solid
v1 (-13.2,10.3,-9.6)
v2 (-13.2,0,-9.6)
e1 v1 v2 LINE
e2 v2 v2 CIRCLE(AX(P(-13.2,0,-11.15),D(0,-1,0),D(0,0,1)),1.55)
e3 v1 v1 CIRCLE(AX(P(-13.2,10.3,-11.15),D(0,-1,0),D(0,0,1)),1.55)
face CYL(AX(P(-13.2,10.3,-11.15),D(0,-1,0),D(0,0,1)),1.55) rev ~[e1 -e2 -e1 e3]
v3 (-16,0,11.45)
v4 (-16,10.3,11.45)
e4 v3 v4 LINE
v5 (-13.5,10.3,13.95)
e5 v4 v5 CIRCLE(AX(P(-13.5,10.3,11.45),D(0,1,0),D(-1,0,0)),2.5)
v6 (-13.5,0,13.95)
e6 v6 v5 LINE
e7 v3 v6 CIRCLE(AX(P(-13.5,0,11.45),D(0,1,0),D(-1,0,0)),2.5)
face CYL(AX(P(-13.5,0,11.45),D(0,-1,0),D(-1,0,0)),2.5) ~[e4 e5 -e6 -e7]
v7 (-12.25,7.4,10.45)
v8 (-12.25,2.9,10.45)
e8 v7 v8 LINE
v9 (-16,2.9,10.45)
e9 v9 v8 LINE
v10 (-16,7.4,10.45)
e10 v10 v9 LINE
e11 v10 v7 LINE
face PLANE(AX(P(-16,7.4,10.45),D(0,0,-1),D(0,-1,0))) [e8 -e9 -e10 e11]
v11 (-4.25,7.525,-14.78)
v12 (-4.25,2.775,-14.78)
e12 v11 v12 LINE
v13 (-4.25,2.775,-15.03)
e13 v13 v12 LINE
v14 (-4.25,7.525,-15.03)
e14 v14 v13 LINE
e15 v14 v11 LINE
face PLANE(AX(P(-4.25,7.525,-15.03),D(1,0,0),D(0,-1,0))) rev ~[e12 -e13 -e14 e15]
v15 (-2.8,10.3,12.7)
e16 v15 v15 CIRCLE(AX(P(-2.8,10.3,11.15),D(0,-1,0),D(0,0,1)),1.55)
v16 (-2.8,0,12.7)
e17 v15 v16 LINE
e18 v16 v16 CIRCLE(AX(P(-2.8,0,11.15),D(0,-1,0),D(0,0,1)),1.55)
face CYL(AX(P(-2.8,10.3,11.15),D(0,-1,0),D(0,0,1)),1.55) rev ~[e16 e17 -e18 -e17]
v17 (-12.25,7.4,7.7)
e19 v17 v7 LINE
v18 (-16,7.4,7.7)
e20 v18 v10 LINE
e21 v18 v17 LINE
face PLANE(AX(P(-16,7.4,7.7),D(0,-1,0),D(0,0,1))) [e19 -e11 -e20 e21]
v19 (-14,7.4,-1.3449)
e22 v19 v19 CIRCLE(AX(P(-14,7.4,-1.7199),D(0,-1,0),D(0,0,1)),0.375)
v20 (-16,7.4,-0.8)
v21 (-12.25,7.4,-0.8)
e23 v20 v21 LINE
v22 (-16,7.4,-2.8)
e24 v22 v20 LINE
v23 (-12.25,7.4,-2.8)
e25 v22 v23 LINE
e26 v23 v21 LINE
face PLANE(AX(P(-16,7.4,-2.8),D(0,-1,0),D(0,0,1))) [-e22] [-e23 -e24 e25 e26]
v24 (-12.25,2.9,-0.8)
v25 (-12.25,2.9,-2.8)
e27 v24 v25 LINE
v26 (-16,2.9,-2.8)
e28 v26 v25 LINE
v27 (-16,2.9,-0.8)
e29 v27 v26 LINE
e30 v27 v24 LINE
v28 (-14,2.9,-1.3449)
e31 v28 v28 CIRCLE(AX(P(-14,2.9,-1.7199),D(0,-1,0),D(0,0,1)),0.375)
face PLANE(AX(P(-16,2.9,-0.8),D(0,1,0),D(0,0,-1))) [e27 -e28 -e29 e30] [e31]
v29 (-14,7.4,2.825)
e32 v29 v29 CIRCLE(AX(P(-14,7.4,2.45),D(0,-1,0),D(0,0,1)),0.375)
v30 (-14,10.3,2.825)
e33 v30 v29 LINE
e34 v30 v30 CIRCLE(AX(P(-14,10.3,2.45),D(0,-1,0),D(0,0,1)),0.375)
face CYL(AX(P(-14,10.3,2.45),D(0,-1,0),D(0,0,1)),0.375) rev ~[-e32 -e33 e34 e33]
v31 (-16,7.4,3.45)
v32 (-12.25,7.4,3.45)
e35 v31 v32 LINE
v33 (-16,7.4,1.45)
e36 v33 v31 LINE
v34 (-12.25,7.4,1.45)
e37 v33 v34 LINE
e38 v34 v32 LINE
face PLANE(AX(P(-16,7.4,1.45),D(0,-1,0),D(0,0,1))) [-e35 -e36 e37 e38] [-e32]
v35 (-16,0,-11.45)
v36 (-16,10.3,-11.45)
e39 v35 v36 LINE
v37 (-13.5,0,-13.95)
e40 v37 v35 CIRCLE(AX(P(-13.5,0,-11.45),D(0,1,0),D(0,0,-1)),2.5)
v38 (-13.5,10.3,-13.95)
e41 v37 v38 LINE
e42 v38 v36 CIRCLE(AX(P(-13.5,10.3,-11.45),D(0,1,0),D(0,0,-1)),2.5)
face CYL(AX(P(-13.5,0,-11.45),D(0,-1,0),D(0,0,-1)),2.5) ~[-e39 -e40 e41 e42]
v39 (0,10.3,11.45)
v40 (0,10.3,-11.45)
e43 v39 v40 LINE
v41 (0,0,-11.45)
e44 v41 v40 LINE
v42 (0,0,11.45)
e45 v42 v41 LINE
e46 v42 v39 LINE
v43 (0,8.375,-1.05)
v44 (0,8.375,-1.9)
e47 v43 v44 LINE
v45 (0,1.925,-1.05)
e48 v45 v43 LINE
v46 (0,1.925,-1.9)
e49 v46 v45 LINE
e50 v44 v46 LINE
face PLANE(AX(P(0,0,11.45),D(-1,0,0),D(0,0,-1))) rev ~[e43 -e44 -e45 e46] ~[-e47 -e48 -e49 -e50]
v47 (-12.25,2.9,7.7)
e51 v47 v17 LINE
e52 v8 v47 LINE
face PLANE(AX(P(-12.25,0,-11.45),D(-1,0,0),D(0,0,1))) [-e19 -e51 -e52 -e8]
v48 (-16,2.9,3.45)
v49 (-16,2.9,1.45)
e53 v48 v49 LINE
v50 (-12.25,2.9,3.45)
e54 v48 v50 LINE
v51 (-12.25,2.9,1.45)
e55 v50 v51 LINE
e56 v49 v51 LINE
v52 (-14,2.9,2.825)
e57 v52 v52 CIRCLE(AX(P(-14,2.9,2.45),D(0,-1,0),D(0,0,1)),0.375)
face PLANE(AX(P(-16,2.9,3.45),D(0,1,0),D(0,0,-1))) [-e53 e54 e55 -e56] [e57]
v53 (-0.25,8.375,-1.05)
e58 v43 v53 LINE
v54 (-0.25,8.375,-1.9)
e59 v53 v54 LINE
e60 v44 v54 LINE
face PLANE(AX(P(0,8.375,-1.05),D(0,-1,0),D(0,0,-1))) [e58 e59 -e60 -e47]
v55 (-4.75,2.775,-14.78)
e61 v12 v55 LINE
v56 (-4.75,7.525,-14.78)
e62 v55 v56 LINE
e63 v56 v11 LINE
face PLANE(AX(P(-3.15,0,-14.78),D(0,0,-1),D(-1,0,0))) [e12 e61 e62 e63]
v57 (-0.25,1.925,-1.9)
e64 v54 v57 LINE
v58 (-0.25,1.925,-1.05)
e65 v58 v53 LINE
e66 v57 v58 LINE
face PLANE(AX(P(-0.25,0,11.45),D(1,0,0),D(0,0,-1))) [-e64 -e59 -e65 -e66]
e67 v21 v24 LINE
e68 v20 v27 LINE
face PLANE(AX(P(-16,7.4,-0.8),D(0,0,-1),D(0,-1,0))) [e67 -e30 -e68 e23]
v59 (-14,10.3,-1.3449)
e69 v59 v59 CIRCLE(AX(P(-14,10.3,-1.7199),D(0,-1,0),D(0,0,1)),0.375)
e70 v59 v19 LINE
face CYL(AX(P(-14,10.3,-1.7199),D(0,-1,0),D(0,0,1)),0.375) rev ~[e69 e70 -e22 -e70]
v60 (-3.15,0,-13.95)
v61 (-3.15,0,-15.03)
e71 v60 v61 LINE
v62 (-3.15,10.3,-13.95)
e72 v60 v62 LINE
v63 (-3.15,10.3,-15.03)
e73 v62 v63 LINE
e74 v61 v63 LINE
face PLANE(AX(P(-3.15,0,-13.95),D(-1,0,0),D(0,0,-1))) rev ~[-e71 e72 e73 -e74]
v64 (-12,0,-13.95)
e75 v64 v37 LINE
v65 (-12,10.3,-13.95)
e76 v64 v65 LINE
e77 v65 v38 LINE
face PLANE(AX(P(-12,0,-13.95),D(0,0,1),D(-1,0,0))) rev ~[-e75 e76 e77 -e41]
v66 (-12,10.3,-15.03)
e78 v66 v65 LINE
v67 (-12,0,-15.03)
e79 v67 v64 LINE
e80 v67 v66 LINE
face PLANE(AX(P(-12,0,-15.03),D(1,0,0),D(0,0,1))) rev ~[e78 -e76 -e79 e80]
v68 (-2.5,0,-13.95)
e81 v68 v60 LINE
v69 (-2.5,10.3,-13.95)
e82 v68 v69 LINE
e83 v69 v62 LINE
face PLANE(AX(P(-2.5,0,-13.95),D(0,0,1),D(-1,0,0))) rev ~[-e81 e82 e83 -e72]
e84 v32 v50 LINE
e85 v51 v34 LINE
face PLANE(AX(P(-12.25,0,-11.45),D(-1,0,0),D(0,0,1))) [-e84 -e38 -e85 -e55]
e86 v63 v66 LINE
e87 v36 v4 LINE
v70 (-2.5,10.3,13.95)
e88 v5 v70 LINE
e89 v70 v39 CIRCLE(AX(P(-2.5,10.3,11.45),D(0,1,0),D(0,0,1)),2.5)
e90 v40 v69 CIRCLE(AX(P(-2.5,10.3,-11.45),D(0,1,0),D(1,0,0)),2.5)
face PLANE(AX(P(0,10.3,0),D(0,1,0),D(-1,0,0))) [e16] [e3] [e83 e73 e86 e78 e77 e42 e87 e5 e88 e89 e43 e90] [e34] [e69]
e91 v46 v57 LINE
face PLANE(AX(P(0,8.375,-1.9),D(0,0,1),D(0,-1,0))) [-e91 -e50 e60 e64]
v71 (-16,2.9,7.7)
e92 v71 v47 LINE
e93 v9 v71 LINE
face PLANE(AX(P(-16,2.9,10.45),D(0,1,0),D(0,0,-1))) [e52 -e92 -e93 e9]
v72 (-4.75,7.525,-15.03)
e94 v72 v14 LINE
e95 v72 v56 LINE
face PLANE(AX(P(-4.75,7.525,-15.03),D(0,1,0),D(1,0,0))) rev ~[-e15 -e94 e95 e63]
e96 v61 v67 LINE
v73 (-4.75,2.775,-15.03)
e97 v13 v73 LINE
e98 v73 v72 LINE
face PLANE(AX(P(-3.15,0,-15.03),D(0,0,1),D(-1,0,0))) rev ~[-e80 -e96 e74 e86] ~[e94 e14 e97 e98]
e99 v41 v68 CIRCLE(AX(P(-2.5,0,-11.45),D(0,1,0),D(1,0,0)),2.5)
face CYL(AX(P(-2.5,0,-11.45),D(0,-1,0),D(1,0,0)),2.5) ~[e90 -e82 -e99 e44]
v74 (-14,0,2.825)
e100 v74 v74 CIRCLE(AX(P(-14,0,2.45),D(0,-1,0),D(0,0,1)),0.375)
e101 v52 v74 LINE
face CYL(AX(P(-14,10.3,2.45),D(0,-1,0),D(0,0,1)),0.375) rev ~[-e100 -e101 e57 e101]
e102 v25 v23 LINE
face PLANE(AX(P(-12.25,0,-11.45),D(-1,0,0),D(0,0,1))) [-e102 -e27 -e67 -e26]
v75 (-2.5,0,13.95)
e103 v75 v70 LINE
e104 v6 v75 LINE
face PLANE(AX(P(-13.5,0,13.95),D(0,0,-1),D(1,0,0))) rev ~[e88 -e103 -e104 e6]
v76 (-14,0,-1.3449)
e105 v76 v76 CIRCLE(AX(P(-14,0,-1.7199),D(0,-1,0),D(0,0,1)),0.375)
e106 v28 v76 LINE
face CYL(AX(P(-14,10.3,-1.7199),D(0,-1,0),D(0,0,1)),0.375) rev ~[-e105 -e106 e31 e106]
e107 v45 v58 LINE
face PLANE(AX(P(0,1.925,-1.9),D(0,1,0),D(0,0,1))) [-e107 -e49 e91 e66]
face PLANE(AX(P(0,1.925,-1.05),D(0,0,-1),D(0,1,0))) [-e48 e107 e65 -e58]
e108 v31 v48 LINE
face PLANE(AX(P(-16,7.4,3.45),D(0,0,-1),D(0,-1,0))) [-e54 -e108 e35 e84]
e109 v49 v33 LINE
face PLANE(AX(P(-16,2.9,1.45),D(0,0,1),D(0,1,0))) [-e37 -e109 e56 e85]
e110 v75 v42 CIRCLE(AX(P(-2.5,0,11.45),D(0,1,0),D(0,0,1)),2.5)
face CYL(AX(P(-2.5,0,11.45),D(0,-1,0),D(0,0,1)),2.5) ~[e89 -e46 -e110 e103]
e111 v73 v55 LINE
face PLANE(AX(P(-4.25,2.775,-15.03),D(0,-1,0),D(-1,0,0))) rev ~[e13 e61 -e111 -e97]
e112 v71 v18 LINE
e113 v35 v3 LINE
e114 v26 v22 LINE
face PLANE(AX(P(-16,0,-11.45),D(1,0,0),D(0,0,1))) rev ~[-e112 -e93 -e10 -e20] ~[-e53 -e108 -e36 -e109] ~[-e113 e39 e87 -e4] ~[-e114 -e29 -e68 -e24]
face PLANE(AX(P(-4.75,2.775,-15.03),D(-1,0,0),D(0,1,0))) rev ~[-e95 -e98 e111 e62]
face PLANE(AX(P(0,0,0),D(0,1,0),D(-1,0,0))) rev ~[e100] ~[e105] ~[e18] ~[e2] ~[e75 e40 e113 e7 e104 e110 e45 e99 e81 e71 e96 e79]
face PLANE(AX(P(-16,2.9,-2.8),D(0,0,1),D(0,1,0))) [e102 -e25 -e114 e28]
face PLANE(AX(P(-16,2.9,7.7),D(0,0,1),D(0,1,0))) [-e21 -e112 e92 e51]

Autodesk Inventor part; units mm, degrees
ref_plane "YZ Plane" through (0, 0, 0) normal (1, 0, 0) x (0, 1, 0)
ref_plane "XZ Plane" through (0, 0, 0) normal (0, 1, 0) x (-1, 0, 0)
ref_plane "XY Plane" through (0, 0, 0) normal (0, 0, 1) x (1, 0, 0)
sketch "Sketch1" plane through (0, 0, 0) normal (0, 1, 0) x (-1, 0, 0)
  line L0 (13.5, 13.95) -> (2.5, 13.95)
  line L1 (0, 11.45) -> (0, -11.45)
  line L2 (16, -11.45) -> (16, 11.45)
  line L3 (3.15, -13.95) -> (3.15, -15.03)
  line L4 (3.15, -15.03) -> (12, -15.03)
  line L5 (12, -15.03) -> (12, -13.95)
  line L6 (2.5, -13.95) -> (3.15, -13.95)
  line L7 (12, -13.95) -> (13.5, -13.95)
  arc A0 (16, 11.45) -> (13.5, 13.95) centre (13.5, 11.45) ccw
  arc A1 (2.5, 13.95) -> (0, 11.45) centre (2.5, 11.45) ccw
  arc A2 (0, -11.45) -> (2.5, -13.95) centre (2.5, -11.45) ccw
  arc A3 (13.5, -13.95) -> (16, -11.45) centre (13.5, -11.45) ccw
  point P0 (0, 0)
  point P1 (0, 0)
  dimension "d1" = 16
  dimension "d3" = 8.85
  dimension "d4" = 4
  dimension "d5" = 27.9
  dimension "d6" = 2.5
  dimension "d7" = 1.08
extrude "Extrusion1" add sketch "Sketch1" along normal blind 10.3
sketch "Sketch2" plane through (0, 10.3, 0) normal (0, 1, 0) x (1, 0, 0)
  line L0 (-16, 11.45) -> (-16, -11.45) projected
  line L1 (-12, 13.95) -> (-13.5, 13.95) projected
  line L2 (0, -11.45) -> (0, 11.45) projected
  line L3 (-13.5, -13.95) -> (-2.5, -13.95) projected
  point P0 (0, 0)
  point P1 (-13.2, 11.15)
  point P2 (-2.8, -11.15)
  dimension "d10" = 2.8
  dimension "d11" = 2.8
  dimension "d12" = 2.8
  dimension "d13" = 2.8
  dimension "d48" = 22.3
  dimension "d49" = 10.4
hole "Hole1" at (-13.2, 10.3, -11.15) at (-2.8, 10.3, 11.15) direction (0, -1, 0) diameter 3.1 end through all
sketch "Sketch3" plane through (-16, 0, -11.45) normal (-1, 0, 0) x (0, 0, 1)
  line L0 (10.65, 2.9) -> (8.65, 2.9)
  line L1 (8.65, 2.9) -> (8.65, 7.4)
  line L2 (8.65, 7.4) -> (10.65, 7.4)
  line L3 (10.65, 7.4) -> (10.65, 2.9)
  line L4 (14.9, 2.9) -> (12.9, 2.9)
  line L5 (12.9, 2.9) -> (12.9, 7.4)
  line L6 (12.9, 7.4) -> (14.9, 7.4)
  line L7 (14.9, 7.4) -> (14.9, 2.9)
  line L8 (21.9, 2.9) -> (19.15, 2.9)
  line L9 (19.15, 2.9) -> (19.15, 7.4)
  line L10 (19.15, 7.4) -> (21.9, 7.4)
  line L11 (21.9, 7.4) -> (21.9, 2.9)
  line L12 (25.4, 0) -> (25.4, 10.3) construction
  line L13 (25.4, 5.15) -> (-3.58, 5.15) construction
  line L14 (-3.58, 0) -> (-3.58, 10.3) construction
  point P0 (11.45, 0)
  point P1 (21.9, 5.15)
  point P2 (10.91, 5.15)
  dimension "d21" = 3.5
  dimension "d22" = 2.75
  dimension "d23" = 4.25
  dimension "d24" = 2
  dimension "d25" = 2
  dimension "d26" = 2.25
  dimension "d27" = 4.5
extrude "Extrusion2" cut sketch "Sketch3" against normal blind 3.75
sketch "Sketch4" plane through (0, 10.3, 0) normal (0, 1, 0) x (1, 0, 0)
  line L0 (-16, -3.45) -> (-16, -1.45) construction
  line L1 (-16, -3.45) -> (-12.25, -3.45) construction
  line L2 (-12.25, -3.45) -> (-12.25, -1.45) construction
  line L3 (-16, -1.45) -> (-12.25, -1.45) construction
  line L4 (-16, 0.8) -> (-16, 2.8) construction
  line L5 (-16, 0.8) -> (-12.25, 0.8) construction
  line L6 (-12.25, 0.8) -> (-12.25, 2.8) construction
  line L7 (-16, 2.8) -> (-12.25, 2.8) construction
  line L8 (-14, -2.45) -> (-14, 1.7199) construction
  line L9 (-14, -2.45) -> (-12.25, -2.45) construction
  line L10 (-12.25, -3.45) -> (-12.25, -1.45) construction
  line L11 (-14, 1.7199) -> (-12.25, 1.7199) construction
  line L12 (-12.25, 0.8) -> (-12.25, 2.8) construction
  point P0 (0, 0)
  dimension "d30" = 2
hole "Hole2" at (-14, 10.3, 2.45) at (-14, 10.3, -1.7199) direction (0, -1, 0) diameter 0.75 end through all
sketch "Sketch5" plane through (-3.15, 0, -15.03) normal (0, 0, -1) x (-1, 0, 0)
  line L0 (1.6, 7.525) -> (1.1, 7.525)
  line L1 (1.1, 7.525) -> (1.1, 2.775)
  line L2 (1.1, 2.775) -> (1.6, 2.775)
  line L3 (1.6, 2.775) -> (1.6, 7.525)
  line L4 (12.85, 0) -> (12.85, 10.3) construction
  line L5 (12.85, 5.15) -> (1.6, 5.15) construction
  point P0 (-3.15, 0)
  dimension "d38" = 0.5
  dimension "d39" = 4.75
  dimension "d40" = 11.25
extrude "Extrusion3" cut sketch "Sketch5" against normal blind 0.25
sketch "Sketch6" plane through (0, 0, 11.45) normal (1, 0, 0) x (0, 0, -1)
  line L0 (12.5, 8.375) -> (13.35, 8.375)
  line L1 (13.35, 8.375) -> (13.35, 1.925)
  line L2 (13.35, 1.925) -> (12.5, 1.925)
  line L3 (12.5, 1.925) -> (12.5, 8.375)
  line L4 (-2.5, 0) -> (-2.5, 10.3) projected
  line L5 (-2.5, 0) -> (-2.5, 10.3) projected
  line L6 (-2.5, 5.15) -> (12.5, 5.15) construction
  point P0 (11.45, 0)
  dimension "d43" = 0.85
  dimension "d44" = 6.45
  dimension "d45" = 15
extrude "Extrusion4" cut sketch "Sketch6" against normal blind 0.25
equation "\"d11\" = d10"
equation "\"d12\" = d10"
equation "\"d13\" = d10"
properties part number "Housing" material "ABS Plastic"
